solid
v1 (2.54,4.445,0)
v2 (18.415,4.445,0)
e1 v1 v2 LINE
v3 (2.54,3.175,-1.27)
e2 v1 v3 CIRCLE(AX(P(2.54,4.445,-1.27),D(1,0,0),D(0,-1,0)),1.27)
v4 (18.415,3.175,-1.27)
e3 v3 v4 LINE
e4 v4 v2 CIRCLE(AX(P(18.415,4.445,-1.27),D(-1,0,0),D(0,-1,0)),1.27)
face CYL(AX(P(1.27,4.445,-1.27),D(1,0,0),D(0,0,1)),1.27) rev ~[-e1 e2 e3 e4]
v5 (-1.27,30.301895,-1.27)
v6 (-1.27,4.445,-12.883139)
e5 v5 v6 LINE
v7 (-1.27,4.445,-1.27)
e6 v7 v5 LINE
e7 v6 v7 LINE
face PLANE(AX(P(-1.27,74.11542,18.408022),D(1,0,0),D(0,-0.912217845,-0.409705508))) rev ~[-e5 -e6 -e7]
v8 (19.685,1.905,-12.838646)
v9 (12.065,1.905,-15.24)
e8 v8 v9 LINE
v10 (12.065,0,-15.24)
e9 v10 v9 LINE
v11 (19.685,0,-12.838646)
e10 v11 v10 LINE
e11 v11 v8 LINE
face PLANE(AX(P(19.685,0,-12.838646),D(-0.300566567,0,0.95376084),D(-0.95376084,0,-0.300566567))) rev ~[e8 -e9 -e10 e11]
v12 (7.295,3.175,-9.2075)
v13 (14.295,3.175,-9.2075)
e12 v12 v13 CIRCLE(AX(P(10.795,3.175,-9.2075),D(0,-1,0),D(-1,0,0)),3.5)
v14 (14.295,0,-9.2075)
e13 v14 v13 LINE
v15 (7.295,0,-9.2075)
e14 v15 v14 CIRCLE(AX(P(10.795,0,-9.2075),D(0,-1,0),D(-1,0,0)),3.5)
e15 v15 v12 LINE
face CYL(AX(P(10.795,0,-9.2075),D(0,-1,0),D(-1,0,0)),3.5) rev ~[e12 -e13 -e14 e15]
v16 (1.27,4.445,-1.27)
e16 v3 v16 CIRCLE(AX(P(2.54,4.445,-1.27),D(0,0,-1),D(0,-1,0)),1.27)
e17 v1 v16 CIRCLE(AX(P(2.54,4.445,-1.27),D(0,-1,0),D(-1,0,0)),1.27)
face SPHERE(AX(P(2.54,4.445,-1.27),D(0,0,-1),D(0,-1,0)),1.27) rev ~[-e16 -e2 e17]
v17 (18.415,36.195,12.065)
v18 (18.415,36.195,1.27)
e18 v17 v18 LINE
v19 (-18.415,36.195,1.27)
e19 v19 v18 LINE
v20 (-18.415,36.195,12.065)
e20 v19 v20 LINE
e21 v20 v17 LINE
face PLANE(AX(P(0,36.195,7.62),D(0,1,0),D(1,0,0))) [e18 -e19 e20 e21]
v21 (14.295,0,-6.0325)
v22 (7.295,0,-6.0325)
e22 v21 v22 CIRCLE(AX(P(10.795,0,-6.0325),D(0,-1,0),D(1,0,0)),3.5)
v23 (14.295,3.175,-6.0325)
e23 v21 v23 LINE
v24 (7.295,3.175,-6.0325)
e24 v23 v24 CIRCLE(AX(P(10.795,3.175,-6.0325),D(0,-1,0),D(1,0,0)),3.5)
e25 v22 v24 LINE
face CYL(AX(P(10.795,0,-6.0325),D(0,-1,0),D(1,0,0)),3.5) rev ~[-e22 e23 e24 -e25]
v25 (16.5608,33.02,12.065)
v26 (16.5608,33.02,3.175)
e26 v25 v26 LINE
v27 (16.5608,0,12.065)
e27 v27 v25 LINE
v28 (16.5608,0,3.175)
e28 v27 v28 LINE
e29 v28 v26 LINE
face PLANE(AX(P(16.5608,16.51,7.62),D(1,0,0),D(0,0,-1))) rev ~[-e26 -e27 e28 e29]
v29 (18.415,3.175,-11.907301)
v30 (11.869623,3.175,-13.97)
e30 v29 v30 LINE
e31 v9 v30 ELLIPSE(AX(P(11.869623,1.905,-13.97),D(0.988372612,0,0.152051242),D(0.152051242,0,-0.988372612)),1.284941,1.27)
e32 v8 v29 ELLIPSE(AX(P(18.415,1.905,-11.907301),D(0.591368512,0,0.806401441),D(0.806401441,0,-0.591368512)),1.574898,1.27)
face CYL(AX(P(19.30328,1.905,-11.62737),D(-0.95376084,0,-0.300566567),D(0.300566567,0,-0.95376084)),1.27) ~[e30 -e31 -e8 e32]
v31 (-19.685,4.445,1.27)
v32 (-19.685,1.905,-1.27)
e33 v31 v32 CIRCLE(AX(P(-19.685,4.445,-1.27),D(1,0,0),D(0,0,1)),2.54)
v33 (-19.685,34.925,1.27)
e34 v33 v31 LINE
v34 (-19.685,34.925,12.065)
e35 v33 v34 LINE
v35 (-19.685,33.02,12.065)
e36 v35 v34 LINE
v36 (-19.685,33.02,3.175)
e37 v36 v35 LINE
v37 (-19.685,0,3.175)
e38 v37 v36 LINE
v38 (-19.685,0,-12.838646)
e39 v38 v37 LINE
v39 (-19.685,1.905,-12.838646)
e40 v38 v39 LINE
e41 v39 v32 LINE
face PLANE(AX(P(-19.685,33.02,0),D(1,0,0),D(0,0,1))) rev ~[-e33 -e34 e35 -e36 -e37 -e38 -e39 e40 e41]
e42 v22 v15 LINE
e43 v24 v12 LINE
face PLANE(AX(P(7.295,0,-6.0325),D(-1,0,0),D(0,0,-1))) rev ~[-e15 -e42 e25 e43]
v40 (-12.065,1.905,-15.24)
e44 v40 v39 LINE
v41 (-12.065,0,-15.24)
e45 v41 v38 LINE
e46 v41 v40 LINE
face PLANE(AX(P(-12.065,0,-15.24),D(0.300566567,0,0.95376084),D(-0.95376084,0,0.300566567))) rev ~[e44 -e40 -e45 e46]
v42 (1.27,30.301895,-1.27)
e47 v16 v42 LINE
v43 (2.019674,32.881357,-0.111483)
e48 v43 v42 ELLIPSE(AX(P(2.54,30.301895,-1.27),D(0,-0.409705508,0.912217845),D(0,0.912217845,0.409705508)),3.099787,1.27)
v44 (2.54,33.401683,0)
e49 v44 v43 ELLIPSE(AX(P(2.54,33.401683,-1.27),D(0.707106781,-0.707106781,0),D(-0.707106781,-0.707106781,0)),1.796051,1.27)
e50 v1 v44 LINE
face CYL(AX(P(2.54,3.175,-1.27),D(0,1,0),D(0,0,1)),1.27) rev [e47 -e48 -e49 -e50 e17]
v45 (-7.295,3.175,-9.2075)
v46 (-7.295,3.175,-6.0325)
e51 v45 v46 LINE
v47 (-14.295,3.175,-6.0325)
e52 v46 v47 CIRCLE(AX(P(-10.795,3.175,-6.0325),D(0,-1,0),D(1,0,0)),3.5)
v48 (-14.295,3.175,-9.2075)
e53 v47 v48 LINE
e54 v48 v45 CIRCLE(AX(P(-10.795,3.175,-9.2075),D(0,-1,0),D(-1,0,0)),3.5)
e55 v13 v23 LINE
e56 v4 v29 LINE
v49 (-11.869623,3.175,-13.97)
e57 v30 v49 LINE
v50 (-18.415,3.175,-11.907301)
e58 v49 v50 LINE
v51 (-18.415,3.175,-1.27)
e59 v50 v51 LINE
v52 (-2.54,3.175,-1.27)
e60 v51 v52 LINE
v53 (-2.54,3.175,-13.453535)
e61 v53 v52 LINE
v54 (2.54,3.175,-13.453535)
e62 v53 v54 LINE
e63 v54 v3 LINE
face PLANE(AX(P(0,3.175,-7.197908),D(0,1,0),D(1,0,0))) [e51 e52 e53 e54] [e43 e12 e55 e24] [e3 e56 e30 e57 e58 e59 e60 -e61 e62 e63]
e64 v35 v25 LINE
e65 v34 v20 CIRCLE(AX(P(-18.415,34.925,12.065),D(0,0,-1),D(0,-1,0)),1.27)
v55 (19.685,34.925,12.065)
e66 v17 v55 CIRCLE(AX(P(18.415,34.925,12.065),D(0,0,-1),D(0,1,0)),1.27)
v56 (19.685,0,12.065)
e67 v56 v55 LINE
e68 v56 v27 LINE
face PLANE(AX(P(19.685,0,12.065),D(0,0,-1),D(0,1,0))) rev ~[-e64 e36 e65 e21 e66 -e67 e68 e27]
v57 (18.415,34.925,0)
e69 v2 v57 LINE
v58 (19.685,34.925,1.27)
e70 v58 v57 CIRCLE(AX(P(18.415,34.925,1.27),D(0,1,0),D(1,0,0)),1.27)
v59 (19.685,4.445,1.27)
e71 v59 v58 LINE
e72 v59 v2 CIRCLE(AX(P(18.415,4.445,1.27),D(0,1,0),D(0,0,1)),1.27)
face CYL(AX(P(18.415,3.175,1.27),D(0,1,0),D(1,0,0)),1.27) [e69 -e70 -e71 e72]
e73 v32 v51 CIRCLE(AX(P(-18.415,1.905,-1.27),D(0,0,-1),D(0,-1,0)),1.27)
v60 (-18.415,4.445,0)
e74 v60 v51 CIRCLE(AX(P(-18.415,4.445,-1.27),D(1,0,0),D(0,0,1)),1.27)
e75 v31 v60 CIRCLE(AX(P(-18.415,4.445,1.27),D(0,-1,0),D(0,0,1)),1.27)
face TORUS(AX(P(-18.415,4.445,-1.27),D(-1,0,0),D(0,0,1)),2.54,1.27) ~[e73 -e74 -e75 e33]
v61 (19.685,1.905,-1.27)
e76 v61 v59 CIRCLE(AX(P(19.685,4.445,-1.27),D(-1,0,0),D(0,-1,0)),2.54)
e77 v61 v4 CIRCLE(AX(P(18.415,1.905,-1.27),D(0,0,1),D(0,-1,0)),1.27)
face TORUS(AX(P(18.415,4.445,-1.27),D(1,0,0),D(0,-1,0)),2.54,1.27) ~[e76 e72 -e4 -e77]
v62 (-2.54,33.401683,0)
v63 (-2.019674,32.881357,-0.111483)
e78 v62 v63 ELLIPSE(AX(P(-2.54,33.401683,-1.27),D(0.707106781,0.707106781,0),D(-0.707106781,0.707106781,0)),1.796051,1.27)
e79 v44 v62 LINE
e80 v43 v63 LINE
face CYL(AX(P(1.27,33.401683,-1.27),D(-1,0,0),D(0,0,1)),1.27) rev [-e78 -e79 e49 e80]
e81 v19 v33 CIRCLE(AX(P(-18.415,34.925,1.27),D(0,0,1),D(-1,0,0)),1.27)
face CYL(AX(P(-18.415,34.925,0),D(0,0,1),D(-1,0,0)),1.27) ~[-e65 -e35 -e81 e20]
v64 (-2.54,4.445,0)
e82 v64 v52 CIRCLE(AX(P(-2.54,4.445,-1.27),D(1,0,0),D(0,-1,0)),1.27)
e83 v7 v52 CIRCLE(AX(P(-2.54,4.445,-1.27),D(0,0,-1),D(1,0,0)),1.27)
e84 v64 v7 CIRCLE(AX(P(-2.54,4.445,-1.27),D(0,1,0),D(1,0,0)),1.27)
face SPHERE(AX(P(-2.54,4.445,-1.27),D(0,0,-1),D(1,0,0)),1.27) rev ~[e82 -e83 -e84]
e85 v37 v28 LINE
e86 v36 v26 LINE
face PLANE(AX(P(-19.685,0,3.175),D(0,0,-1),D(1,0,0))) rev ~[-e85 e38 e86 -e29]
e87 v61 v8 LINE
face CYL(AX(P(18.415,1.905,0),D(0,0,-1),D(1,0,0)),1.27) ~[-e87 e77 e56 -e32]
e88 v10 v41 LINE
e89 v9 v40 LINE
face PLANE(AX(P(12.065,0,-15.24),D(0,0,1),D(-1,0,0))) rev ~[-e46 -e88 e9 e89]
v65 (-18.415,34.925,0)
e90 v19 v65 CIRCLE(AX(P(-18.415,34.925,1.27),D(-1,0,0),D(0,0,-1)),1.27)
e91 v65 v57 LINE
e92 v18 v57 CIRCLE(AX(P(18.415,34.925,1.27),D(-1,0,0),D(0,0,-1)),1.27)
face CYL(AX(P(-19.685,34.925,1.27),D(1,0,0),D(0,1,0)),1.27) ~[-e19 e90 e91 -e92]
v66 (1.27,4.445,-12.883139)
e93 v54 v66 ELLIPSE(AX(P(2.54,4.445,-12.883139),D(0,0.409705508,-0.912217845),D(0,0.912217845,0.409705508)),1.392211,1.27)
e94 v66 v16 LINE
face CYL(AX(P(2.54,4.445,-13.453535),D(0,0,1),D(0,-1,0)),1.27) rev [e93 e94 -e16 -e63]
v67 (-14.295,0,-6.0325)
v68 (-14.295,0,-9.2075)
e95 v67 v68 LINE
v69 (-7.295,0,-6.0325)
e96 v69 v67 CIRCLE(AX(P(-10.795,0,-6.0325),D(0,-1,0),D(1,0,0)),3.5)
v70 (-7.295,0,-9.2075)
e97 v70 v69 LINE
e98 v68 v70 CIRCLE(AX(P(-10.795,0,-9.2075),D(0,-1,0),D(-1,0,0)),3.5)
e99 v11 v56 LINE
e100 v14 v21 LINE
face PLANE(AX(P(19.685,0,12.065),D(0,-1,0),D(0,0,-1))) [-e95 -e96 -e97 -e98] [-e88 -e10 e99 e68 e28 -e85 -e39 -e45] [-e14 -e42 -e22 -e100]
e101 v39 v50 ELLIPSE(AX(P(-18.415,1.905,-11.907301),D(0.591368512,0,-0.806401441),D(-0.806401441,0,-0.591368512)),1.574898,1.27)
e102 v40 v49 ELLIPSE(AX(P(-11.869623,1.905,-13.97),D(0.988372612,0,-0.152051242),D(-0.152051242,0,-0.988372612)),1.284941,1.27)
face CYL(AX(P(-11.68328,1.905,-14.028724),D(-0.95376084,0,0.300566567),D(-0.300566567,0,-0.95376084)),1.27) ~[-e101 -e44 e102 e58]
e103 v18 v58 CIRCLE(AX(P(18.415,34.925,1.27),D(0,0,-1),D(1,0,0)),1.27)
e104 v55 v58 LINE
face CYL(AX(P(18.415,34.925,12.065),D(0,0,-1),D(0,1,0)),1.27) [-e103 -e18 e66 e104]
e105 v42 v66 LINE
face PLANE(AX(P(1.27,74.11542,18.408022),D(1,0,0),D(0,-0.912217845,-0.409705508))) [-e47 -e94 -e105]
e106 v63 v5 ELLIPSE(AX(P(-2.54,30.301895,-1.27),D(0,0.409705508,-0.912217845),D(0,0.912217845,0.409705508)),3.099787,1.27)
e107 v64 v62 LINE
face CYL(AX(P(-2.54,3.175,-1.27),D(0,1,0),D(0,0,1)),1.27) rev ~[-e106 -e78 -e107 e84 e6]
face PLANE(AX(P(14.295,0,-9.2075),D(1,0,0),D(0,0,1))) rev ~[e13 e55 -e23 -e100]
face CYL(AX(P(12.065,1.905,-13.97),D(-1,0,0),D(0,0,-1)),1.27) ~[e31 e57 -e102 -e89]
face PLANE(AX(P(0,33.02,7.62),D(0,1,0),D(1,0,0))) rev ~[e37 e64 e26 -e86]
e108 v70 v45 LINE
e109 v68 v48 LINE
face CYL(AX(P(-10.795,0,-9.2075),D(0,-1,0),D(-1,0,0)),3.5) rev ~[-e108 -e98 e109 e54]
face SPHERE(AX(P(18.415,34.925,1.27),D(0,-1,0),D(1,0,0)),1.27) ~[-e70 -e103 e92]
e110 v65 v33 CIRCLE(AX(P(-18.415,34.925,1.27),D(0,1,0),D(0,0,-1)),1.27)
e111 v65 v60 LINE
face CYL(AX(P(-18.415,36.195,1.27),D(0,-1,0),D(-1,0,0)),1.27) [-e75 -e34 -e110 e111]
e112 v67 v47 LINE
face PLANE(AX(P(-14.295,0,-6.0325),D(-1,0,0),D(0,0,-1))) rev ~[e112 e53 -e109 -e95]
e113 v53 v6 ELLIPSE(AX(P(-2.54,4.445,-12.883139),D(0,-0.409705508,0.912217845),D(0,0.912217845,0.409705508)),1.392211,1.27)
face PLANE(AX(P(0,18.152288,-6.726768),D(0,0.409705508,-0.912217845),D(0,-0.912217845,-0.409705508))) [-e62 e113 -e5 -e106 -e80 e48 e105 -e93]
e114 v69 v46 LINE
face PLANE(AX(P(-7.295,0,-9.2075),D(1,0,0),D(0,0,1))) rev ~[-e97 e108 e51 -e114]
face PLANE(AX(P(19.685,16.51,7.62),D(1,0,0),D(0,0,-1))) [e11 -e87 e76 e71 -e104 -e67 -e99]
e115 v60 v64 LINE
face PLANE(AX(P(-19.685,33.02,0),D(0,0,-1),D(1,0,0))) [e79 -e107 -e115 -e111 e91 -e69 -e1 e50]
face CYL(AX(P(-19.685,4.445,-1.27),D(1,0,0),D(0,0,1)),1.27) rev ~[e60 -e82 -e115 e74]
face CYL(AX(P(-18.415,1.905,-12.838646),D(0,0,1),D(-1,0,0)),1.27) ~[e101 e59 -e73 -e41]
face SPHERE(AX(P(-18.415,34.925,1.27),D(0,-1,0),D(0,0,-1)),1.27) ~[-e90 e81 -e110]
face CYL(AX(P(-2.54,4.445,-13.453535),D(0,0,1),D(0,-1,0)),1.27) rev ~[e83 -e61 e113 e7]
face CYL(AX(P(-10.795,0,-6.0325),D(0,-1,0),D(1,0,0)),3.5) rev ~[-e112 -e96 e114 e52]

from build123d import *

# Parameters (mm, degrees)
BOSS_EXTRUDE1_DEPTH = 3.175
SKETCH2_W           = 39.37
SKETCH2_H           = 3.175
BOSS_EXTRUDE2_DEPTH = 33.02
SKETCH3_W           = 39.37
SKETCH3_H           = 8.89
SKETCH3_H_2         = 3.175
BOSS_EXTRUDE3_DEPTH = 3.175
SKETCH4_W           = 8.89
SKETCH4_H           = 33.02
BOSS_EXTRUDE4_DEPTH = 3.1242
RIB1_REACH          = 45.93
SKETCH6_WALL_W      = 122.696858414
SKETCH6_WALL_H      = 2.54
FILLET1_R           = 1.27


with BuildPart() as part:
    # Sketch1 → Boss-Extrude1 (new body)
    with BuildSketch(Plane(origin=(0, 0, 0), x_dir=(1, 0, 0), z_dir=(0, 1, 0))):
        Polygon((-12.065, 15.24), (-19.685, 12.838646177), (-19.685, 0), (19.685, 0), (19.685, 12.838646177), (12.065, 15.24), align=None)
        with BuildLine():
            ThreePointArc((-14.295, 9.2075), (-10.795, 12.7075), (-7.295, 9.2075))
            Line((-7.295, 9.2075), (-7.295, 6.0325))
            ThreePointArc((-7.295, 6.0325), (-10.795, 2.5325), (-14.295, 6.0325))
            Line((-14.295, 6.0325), (-14.295, 9.2075))
        make_face(mode=Mode.SUBTRACT)
        with BuildLine():
            Line((7.295, 6.0325), (7.295, 9.2075))
            ThreePointArc((7.295, 9.2075), (10.795, 12.7075), (14.295, 9.2075))
            Line((14.295, 9.2075), (14.295, 6.0325))
            ThreePointArc((14.295, 6.0325), (10.795, 2.5325), (7.295, 6.0325))
        make_face(mode=Mode.SUBTRACT)
    extrude(amount=BOSS_EXTRUDE1_DEPTH)

    # Sketch2 → Boss-Extrude2 (add)
    with BuildSketch(Plane(origin=(0, 0, 0), x_dir=(1, 0, 0), z_dir=(0, 1, 0))):
        with Locations((0, -1.5875)):
            Rectangle(SKETCH2_W, SKETCH2_H)
    extrude(amount=BOSS_EXTRUDE2_DEPTH)

    # Sketch3 → Boss-Extrude3 (add)
    with BuildSketch(Plane(origin=(0, 33.02, 0), x_dir=(1, 0, 0), z_dir=(0, 1, 0))):
        with Locations((0, -7.62)):
            Rectangle(SKETCH3_W, SKETCH3_H)
        with Locations((0, -1.5875)):
            Rectangle(SKETCH3_W, SKETCH3_H_2)
    extrude(amount=BOSS_EXTRUDE3_DEPTH)

    # Sketch4 → Boss-Extrude4 (add)
    with BuildSketch(Plane(origin=(19.685, 0, 0), x_dir=(0, 0, -1), z_dir=(1, 0, 0))):
        with Locations((-7.62, 16.51)):
            Rectangle(SKETCH4_W, SKETCH4_H)
    extrude(amount=-BOSS_EXTRUDE4_DEPTH)

    # Sketch6 wall → Rib1 (add, up to next)
    with BuildSketch(Plane(origin=(0, 18.152288456, -6.726767741), x_dir=(0, -0.912217845065, -0.409705507828), z_dir=(0, 0.409705507828, -0.912217845065)), mode=Mode.PRIVATE) as rib1_sk1:
        Rectangle(SKETCH6_WALL_W, SKETCH6_WALL_H)
    rib1_tool1 = extrude(rib1_sk1.sketch, amount=-RIB1_REACH, mode=Mode.PRIVATE) - part.part
    add(rib1_tool1.solids().sort_by_distance((0, 18.152288456, -6.726767741))[0])

    # Fillet1
    fillet1_edges = [part.edges().sort_by_distance(p)[0] for p in [
        (-1.27, 3.175, -6.726767741),
        (1.27, 3.175, -6.726767741),
        (-1.27, 18.152288456, 0),
        (19.685, 3.175, -6.419323088),
        (15.875, 3.175, -14.039323088),
        (0, 3.175, -15.24),
        (-15.875, 3.175, -14.039323088),
        (-19.685, 3.175, -6.419323088),
        (-10.4775, 3.175, 0),
        (-19.685, 19.685, 0),
        (19.685, 19.685, 0),
        (19.685, 36.195, 6.0325),
        (0, 36.195, 0),
        (-19.685, 36.195, 6.0325),
        (10.4775, 3.175, 0),
        (0, 33.129576912, 0),
        (1.27, 18.152288456, 0),
    ]]
    fillet(fillet1_edges, radius=FILLET1_R)


solid = part.part
